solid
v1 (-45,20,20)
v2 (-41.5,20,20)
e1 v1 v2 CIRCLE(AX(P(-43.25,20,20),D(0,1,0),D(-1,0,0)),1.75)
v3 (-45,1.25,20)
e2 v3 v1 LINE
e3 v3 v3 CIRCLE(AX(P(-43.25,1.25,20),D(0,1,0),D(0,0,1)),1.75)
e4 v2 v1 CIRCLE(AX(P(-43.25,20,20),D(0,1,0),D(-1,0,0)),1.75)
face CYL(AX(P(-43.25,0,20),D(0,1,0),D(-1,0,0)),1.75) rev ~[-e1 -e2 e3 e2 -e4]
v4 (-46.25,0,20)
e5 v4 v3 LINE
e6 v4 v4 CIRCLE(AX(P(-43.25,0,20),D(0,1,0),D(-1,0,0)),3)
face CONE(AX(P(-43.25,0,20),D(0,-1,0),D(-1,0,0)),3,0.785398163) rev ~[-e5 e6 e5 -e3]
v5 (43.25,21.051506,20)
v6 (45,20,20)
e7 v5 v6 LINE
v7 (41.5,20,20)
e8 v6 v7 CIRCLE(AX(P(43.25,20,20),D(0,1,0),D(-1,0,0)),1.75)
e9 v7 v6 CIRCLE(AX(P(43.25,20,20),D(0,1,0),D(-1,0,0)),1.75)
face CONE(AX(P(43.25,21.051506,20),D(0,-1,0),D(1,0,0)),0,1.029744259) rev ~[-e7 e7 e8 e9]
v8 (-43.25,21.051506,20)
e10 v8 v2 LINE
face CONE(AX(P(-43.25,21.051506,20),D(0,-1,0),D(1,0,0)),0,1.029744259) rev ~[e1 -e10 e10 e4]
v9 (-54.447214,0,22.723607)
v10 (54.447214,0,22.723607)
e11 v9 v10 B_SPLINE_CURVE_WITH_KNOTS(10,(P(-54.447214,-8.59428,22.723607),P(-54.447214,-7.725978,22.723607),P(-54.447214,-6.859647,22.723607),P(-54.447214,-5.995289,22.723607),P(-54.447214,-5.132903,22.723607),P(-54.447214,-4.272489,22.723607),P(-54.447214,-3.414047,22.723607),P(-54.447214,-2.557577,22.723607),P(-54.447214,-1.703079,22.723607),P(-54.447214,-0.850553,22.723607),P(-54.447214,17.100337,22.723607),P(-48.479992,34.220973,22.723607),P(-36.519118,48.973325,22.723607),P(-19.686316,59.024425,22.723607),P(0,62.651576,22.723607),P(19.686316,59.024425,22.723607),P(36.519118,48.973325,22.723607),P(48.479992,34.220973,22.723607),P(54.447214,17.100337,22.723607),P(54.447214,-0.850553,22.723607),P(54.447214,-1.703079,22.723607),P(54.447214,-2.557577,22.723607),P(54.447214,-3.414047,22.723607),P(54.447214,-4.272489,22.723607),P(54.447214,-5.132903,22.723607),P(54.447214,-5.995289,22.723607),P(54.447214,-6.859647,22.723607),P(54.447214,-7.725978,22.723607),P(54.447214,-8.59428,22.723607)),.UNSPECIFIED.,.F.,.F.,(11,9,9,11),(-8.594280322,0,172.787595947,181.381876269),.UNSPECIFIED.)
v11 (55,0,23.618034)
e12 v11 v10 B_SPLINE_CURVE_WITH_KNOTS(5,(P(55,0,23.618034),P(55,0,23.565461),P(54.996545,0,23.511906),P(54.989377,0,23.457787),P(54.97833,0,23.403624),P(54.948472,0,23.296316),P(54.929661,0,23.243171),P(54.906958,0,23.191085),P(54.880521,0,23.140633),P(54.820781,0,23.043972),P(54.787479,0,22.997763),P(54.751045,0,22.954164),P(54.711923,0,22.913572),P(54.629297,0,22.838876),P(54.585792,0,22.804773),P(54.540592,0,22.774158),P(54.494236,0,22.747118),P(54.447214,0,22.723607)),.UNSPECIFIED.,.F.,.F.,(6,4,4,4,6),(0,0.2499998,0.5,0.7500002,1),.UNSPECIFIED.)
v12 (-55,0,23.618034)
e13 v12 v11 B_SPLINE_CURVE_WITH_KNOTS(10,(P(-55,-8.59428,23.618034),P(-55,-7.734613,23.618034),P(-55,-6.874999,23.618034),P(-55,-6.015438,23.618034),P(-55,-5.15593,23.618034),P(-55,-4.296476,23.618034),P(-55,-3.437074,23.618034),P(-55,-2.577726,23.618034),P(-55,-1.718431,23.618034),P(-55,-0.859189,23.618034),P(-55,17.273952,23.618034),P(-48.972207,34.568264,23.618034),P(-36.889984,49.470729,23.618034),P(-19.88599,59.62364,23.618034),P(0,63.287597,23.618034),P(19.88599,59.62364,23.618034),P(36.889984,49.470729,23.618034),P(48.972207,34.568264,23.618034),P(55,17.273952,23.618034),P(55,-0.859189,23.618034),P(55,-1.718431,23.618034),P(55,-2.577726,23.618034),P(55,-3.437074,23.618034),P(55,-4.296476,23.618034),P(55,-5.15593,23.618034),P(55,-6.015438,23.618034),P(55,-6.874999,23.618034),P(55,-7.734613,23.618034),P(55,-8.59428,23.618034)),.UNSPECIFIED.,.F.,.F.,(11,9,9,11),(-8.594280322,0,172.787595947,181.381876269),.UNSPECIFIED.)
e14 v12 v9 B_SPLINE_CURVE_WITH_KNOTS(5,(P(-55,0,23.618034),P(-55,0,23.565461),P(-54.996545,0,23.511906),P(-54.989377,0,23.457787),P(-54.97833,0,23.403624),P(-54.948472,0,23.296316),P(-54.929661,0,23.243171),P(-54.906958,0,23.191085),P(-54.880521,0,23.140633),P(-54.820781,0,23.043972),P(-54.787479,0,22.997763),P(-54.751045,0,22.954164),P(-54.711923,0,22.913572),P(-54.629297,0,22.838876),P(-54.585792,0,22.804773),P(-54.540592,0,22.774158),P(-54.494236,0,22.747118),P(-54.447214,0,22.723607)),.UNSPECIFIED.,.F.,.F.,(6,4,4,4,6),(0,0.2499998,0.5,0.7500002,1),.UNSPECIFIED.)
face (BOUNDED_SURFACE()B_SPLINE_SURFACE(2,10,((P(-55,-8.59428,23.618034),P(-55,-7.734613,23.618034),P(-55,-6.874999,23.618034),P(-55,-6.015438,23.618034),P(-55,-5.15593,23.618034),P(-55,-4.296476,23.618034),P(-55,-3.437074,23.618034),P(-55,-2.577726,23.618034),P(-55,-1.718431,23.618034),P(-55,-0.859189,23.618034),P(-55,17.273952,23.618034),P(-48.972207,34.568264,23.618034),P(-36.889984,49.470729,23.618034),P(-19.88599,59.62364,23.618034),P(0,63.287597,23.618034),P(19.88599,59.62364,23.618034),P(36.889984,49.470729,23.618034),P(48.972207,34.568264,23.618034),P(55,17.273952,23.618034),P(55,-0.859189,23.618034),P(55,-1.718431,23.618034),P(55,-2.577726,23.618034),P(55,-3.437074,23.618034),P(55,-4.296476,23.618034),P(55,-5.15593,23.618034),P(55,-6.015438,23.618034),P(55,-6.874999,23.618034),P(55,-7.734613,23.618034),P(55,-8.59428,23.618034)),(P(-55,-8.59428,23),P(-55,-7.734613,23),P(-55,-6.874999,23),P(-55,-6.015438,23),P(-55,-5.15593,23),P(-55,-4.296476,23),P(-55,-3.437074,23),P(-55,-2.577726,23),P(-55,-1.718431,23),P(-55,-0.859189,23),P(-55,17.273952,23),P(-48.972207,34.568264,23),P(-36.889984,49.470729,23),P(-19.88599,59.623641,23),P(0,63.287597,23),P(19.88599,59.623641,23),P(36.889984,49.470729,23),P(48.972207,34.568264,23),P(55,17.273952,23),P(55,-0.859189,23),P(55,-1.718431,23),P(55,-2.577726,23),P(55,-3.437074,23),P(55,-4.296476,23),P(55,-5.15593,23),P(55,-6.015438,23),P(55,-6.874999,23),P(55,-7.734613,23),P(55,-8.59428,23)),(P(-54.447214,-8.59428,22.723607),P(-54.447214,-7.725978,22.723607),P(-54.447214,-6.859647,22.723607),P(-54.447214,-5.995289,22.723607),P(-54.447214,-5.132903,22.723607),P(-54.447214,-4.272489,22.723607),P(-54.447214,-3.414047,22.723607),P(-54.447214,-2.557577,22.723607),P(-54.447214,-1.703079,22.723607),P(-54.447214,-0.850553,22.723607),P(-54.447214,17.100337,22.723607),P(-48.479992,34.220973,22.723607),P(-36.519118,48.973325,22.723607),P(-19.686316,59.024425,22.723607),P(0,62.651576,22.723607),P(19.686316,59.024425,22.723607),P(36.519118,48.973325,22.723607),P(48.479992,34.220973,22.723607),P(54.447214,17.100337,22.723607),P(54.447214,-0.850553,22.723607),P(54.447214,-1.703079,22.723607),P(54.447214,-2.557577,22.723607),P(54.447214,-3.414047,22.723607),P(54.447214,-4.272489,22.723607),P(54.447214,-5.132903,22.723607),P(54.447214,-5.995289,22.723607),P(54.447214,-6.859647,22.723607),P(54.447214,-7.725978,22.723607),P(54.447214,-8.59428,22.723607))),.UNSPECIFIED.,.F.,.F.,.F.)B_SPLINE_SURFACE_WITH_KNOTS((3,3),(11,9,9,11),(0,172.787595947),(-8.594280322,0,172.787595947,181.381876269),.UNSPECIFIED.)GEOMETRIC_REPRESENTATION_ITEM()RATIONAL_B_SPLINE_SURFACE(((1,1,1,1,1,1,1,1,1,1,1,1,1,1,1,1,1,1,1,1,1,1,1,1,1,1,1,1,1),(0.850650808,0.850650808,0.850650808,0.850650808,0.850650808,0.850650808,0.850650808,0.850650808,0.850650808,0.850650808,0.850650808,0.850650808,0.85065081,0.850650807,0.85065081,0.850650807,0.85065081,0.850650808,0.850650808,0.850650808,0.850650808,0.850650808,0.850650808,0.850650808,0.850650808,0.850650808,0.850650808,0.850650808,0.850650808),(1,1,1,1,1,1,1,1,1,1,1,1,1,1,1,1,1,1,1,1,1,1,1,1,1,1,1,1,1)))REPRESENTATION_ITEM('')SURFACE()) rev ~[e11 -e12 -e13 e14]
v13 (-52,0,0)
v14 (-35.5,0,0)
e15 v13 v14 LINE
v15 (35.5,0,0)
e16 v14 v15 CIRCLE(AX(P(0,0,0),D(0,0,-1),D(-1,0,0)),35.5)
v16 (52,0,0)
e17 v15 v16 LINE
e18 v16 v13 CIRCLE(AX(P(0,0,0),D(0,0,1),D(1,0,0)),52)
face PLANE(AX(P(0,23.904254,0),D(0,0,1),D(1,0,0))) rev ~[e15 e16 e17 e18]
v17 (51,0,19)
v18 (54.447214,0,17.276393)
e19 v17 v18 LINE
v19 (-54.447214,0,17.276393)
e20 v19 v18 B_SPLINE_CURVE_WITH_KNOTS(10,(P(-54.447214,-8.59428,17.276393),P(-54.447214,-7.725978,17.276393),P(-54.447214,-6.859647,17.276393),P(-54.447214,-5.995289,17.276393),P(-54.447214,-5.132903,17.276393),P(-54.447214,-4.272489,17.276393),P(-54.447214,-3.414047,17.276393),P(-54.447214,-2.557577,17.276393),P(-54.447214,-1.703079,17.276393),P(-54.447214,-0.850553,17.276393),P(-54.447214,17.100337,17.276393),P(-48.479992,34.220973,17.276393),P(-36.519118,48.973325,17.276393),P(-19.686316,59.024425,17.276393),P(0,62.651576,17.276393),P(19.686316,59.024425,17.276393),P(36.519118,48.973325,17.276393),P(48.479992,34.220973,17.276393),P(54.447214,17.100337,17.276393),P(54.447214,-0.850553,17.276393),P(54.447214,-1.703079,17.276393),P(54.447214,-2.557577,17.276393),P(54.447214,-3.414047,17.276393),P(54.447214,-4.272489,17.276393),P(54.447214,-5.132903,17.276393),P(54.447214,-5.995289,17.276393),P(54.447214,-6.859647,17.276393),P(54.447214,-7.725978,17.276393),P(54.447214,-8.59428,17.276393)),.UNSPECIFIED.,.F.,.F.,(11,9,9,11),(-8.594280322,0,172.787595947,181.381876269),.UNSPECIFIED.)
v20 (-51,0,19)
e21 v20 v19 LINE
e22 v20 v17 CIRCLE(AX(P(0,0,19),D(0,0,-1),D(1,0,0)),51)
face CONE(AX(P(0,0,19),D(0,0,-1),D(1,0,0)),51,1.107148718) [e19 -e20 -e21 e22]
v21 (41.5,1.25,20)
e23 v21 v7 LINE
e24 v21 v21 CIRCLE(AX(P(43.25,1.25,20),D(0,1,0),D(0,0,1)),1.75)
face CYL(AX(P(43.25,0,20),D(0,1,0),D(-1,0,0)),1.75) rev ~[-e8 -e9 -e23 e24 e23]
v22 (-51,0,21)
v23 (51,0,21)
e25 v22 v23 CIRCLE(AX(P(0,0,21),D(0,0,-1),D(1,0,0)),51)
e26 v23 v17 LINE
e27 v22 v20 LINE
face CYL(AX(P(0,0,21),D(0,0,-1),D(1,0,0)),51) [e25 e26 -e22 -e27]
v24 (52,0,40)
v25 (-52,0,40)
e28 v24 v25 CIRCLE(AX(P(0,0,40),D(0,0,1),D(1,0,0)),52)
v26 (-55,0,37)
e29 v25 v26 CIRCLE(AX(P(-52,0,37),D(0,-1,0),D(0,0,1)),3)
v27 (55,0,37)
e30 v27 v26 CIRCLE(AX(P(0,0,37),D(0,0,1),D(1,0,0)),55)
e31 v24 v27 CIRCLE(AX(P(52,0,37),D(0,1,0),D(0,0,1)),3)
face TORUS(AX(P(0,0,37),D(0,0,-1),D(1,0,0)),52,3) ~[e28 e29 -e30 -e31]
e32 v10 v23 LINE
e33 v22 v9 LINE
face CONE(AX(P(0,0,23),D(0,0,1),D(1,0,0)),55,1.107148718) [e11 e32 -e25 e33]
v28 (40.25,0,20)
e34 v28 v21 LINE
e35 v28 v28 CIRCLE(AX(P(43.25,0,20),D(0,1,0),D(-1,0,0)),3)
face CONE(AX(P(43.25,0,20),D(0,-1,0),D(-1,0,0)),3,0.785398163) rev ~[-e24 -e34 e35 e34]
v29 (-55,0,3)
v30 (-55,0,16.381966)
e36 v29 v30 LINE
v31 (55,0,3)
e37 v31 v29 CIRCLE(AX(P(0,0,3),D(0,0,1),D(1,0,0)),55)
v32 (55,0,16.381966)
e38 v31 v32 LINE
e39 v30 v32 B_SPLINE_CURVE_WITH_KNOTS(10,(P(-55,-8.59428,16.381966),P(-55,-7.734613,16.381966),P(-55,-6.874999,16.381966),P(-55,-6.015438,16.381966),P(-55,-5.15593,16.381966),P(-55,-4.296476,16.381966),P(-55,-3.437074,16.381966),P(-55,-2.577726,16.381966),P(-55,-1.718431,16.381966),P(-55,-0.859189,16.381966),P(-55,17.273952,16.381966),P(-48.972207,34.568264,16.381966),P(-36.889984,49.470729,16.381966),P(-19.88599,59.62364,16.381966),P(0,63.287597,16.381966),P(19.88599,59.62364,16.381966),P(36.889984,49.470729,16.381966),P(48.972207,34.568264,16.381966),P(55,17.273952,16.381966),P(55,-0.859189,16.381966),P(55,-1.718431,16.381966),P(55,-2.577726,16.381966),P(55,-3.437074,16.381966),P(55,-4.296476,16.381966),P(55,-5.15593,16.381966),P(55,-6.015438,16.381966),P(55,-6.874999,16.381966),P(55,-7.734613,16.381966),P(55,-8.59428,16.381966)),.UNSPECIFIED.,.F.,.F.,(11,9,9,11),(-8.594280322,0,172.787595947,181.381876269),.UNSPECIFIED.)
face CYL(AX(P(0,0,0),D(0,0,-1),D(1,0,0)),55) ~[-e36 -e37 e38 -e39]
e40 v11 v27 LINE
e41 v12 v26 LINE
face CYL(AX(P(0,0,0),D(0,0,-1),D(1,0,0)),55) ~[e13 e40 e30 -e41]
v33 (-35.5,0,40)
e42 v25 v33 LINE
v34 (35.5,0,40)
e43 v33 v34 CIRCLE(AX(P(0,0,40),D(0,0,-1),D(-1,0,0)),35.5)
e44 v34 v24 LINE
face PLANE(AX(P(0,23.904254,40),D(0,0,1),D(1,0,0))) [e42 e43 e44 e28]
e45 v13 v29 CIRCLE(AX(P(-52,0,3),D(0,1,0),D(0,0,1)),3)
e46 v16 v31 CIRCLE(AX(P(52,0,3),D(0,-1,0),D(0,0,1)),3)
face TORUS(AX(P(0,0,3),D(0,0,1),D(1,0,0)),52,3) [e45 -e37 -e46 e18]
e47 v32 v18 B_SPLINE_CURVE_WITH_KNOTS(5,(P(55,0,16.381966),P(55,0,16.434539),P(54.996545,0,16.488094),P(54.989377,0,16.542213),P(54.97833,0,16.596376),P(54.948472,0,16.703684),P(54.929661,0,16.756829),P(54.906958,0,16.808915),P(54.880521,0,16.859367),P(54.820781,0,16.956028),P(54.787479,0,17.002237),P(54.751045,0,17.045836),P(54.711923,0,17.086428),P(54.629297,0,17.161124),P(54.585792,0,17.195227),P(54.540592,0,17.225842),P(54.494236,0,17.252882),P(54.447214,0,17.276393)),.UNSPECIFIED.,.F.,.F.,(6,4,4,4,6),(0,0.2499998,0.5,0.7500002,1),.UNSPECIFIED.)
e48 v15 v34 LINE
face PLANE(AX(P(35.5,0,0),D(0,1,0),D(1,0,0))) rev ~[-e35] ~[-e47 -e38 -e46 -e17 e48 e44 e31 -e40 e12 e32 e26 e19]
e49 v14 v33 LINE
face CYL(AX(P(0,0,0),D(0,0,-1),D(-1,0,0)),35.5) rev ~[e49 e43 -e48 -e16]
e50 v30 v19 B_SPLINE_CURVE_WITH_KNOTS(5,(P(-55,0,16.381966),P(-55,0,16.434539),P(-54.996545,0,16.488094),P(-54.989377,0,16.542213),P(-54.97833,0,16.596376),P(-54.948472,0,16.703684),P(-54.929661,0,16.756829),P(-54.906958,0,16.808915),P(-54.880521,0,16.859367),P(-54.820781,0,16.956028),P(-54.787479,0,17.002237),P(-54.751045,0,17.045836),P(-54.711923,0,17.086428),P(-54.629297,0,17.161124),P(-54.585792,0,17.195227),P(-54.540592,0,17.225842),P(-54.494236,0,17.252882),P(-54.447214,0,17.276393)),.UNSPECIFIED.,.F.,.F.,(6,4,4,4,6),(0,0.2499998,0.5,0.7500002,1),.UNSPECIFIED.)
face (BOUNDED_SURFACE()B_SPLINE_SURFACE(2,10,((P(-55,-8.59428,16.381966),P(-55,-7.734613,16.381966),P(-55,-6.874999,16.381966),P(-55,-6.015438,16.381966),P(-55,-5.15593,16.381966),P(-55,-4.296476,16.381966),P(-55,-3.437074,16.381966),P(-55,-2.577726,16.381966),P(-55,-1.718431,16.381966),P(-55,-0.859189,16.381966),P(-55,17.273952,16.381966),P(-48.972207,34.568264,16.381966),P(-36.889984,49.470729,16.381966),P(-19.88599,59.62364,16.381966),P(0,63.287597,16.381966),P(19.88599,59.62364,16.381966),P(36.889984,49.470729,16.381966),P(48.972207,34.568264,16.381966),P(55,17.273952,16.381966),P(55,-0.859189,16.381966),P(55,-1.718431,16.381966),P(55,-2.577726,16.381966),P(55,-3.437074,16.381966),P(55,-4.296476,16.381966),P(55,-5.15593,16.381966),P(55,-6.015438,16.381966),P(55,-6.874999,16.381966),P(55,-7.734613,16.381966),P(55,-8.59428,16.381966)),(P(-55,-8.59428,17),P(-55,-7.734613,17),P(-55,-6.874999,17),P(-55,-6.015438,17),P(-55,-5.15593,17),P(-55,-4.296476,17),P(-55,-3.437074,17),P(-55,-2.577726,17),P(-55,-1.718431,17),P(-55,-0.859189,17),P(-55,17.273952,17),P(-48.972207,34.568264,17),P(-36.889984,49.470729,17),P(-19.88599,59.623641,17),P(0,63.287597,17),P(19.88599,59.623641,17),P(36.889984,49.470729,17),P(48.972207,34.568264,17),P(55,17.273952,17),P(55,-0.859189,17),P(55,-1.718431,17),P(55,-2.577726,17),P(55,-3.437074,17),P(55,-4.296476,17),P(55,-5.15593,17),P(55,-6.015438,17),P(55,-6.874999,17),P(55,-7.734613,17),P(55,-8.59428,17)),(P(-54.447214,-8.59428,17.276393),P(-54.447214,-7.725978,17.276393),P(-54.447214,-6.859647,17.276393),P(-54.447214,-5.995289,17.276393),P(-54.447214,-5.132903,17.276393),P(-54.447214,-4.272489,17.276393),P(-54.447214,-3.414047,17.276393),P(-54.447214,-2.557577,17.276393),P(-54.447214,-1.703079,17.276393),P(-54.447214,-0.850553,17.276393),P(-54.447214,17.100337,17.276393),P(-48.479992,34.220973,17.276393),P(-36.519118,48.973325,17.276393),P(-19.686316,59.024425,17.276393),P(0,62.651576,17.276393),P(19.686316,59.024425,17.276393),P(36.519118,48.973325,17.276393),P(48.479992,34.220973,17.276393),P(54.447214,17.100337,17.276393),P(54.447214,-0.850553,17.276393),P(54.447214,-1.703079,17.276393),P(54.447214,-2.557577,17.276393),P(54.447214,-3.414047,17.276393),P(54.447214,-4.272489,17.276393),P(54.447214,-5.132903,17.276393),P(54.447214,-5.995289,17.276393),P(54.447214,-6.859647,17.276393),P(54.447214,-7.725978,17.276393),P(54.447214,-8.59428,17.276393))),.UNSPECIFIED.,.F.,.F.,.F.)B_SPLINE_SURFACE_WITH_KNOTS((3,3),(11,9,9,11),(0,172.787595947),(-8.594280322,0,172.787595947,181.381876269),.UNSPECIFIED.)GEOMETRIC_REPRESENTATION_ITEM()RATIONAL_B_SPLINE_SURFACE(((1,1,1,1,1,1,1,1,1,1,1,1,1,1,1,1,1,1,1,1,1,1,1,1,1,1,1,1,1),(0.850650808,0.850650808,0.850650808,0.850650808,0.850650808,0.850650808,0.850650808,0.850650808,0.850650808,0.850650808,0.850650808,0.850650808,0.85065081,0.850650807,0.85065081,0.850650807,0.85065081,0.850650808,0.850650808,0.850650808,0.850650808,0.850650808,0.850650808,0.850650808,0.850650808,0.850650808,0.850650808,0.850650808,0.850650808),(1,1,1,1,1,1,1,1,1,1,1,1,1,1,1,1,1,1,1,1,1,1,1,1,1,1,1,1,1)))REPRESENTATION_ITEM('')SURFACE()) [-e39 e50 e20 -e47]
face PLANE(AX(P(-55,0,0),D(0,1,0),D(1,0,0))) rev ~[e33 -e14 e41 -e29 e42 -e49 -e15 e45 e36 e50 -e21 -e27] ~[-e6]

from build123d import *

# Parameters (mm, degrees)
F1_DEPTH       = 40
F5_D           = 3.5
F5_DEPTH       = 20
F5_CSINK_D     = 6
F5_CSINK_ANGLE = 90
F5_TIP         = 1.0515060833
F7_D           = 3.5
F7_DEPTH       = 20
F7_CSINK_D     = 6
F7_CSINK_ANGLE = 90
F7_TIP         = 1.0515060833
F8_R           = 3
F9_R           = 1


with BuildPart() as f1:
    # F0 (on Top) → F1 (new body)
    with BuildSketch(Plane.XY):
        with BuildLine():
            ThreePointArc((-35.5, 0), (0, 35.5), (35.5, 0))
            Line((35.5, 0), (55, 0))
            ThreePointArc((55, 0), (0, 55), (-55, 0))
            Line((-55, 0), (-35.5, 0))
        make_face()
    extrude(amount=F1_DEPTH)

    # F2 (on face) → F3 (revolve, cut)
    with BuildSketch(Plane.XZ):
        Polygon((51, 20), (55, 20), (55, 23), (51, 21), align=None)
        Polygon((51, 19), (55, 17), (55, 20), (51, 20), align=None)
    revolve(axis=Axis((0, 0, 0), (0, 0, -1)), mode=Mode.SUBTRACT)

    # F5
    with Locations(Plane.XZ):
        with Locations((43.25, 20)):
            CounterSinkHole(F5_D / 2, F5_CSINK_D / 2, depth=F5_DEPTH, counter_sink_angle=F5_CSINK_ANGLE)
            with Locations((0, 0, -(F5_DEPTH + F5_TIP / 2))):  # 118° drill point
                Cone(0, F5_D / 2, F5_TIP, mode=Mode.SUBTRACT)

    # F7
    with Locations(Plane.XZ):
        with Locations((-43.25, 20)):
            CounterSinkHole(F7_D / 2, F7_CSINK_D / 2, depth=F7_DEPTH, counter_sink_angle=F7_CSINK_ANGLE)
            with Locations((0, 0, -(F7_DEPTH + F7_TIP / 2))):  # 118° drill point
                Cone(0, F7_D / 2, F7_TIP, mode=Mode.SUBTRACT)

    # F8
    f8_edges = [f1.edges().sort_by_distance(p)[0] for p in [
        (0, 55, 0),
        (0, 55, 40),
    ]]
    fillet(f8_edges, radius=F8_R)

    # F9
    f9_edges = [f1.edges().sort_by_distance(p)[0] for p in [
        (0, 55, 23),
        (0, 55, 17),
    ]]
    fillet(f9_edges, radius=F9_R)


solid = f1.part
